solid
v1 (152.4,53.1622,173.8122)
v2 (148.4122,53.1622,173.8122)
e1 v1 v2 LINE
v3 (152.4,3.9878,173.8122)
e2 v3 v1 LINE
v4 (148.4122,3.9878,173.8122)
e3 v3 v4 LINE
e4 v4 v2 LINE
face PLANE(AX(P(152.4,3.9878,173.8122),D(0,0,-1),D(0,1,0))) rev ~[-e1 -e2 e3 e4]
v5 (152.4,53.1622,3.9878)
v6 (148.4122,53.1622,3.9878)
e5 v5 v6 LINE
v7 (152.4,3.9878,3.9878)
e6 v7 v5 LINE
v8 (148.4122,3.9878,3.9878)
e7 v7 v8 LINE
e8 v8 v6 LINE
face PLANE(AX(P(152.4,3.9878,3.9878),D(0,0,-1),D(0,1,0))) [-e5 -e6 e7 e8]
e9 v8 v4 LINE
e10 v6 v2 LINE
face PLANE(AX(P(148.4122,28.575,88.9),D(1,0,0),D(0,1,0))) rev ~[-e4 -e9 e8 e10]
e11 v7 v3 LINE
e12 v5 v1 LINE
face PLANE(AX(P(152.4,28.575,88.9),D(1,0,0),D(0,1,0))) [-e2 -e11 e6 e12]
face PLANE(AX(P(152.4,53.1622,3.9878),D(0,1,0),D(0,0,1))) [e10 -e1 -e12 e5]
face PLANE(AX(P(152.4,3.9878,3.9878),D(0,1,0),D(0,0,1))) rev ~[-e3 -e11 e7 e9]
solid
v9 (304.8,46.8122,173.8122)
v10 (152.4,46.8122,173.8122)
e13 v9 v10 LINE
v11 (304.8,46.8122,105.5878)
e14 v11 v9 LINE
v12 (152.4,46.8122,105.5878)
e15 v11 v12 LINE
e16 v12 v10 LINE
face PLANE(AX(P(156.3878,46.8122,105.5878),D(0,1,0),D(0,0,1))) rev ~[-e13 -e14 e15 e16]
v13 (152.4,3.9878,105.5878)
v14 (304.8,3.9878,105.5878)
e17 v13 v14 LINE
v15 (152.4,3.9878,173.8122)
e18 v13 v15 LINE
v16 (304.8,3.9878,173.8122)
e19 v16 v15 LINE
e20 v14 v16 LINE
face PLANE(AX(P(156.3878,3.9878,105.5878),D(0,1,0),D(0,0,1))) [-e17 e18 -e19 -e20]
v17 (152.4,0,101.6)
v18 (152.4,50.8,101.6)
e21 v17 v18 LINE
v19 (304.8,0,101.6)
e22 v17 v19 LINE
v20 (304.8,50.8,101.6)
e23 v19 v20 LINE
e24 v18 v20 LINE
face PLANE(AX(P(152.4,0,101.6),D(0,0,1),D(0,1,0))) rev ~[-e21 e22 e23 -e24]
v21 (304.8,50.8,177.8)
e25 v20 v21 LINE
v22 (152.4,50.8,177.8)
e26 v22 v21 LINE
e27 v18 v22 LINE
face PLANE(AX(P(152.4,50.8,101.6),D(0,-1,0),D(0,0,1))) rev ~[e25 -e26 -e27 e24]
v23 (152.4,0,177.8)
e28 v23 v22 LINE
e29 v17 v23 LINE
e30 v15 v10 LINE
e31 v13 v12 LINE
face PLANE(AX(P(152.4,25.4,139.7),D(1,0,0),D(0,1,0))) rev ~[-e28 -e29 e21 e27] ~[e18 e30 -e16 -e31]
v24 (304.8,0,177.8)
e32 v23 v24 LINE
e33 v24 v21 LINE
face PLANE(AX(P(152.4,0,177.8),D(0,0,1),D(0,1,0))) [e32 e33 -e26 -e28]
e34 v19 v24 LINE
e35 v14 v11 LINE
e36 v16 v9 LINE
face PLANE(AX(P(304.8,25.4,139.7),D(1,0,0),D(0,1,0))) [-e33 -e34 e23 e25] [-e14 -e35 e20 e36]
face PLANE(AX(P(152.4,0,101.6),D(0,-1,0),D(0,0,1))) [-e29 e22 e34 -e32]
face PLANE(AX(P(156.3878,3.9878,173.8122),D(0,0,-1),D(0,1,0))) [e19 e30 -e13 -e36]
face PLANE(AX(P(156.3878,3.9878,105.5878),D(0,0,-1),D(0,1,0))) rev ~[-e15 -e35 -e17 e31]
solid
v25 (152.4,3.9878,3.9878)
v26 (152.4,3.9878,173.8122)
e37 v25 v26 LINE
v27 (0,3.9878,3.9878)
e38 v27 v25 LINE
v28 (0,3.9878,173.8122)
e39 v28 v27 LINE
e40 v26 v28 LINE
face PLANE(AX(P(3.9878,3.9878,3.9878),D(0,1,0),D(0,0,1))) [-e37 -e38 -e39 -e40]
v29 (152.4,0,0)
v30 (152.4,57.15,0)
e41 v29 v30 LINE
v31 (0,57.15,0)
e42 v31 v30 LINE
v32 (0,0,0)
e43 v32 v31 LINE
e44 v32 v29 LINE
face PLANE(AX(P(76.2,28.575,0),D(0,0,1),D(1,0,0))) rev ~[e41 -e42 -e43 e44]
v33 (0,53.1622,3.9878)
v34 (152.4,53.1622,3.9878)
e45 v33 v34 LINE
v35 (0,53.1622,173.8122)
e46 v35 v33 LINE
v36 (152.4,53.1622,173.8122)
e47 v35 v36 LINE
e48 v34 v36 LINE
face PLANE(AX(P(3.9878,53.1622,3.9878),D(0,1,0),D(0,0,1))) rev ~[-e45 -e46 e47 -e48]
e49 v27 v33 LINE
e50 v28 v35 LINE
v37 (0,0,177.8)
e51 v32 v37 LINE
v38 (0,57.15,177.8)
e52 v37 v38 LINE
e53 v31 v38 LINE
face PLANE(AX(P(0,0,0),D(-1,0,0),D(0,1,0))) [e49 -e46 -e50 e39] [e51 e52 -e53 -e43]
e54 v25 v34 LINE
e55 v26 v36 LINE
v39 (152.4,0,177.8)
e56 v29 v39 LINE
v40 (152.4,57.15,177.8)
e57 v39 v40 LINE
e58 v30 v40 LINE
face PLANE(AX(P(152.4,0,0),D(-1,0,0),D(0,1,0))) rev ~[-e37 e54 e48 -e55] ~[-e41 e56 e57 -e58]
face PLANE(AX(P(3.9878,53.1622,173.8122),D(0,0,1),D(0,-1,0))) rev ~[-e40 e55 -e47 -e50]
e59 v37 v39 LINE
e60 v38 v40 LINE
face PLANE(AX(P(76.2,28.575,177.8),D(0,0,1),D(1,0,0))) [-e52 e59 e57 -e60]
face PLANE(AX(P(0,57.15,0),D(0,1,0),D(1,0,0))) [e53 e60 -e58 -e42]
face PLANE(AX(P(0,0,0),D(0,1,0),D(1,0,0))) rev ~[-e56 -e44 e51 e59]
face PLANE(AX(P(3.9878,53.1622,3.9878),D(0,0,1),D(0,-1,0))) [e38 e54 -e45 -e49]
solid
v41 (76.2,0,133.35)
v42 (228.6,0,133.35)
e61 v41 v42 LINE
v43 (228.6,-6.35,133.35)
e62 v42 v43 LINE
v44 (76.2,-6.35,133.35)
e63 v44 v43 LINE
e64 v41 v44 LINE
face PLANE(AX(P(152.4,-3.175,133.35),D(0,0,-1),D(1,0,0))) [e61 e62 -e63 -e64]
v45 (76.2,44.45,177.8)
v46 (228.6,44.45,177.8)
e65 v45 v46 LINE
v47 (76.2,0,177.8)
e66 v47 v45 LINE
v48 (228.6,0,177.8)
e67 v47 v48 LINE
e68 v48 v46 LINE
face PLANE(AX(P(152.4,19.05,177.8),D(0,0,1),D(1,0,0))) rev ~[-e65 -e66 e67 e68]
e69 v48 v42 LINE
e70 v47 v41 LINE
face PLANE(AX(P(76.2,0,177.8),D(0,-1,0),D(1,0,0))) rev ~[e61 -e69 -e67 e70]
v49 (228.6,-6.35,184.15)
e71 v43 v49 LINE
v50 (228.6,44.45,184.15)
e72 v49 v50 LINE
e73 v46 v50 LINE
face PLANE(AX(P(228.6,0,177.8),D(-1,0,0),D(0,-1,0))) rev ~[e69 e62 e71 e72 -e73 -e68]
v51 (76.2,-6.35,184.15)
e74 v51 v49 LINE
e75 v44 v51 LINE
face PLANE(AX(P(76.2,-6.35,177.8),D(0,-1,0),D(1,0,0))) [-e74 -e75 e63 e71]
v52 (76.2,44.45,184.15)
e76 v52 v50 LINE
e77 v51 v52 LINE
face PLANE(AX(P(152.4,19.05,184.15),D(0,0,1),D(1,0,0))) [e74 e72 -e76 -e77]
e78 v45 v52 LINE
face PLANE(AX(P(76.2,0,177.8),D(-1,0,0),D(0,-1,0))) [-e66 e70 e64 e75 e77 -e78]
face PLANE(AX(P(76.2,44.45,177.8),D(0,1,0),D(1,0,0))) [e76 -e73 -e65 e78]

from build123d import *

# Parameters (mm, degrees)
F0_W      = 152.4
F0_H      = 57.15
F1_DEPTH  = 177.8
F2_T      = -3.9878
F3_DEPTH  = 3.9888
F5_W      = 49.1744
F5_H      = 169.8244
F6_DEPTH  = 3.9878
F7_W      = 50.8
F7_H      = 76.2
F8_DEPTH  = 152.4
F9_T      = -3.9878
F10_DEPTH = 3.9878
F12_W     = 152.4
F12_H     = 50.8
F13_DEPTH = 6.35
F14_W     = 152.4
F14_H     = 6.35
F15_DEPTH = 44.45


with BuildPart() as f1:
    # F0 (on Top) → F1 (new body)
    with BuildSketch(Plane.XY):
        with Locations((76.2, 28.575)):
            Rectangle(F0_W, F0_H)
    extrude(amount=F1_DEPTH)

    # F2
    f2_openings = [f1.faces().sort_by_distance(p)[0] for p in [
        (152.4, 28.575, 88.9),
    ]]
    offset(amount=F2_T, openings=f2_openings)

    # F3 (cut, through all): a face of the model
    f3_faces = [f1.faces().sort_by_distance(p)[0] for p in [
        (3.9878, 28.575, 88.9),
    ]]
    extrude(f3_faces, amount=-F3_DEPTH, mode=Mode.SUBTRACT)


with BuildPart() as f6:
    # F5 (on offset) → F6 (new body)
    with BuildSketch(Plane.YZ.offset(152.4)):
        with Locations((28.575, 88.9)):
            Rectangle(F5_W, F5_H)
    extrude(amount=-F6_DEPTH)


with BuildPart() as f8:
    # F7 (on offset) → F8 (new body)
    with BuildSketch(Plane.YZ.offset(152.4)):
        with Locations((25.4, 139.7)):
            Rectangle(F7_W, F7_H)
    extrude(amount=F8_DEPTH)

    # F9
    f9_openings = [f8.faces().sort_by_distance(p)[0] for p in [
        (304.8, 25.4, 139.7),
    ]]
    offset(amount=F9_T, openings=f9_openings)

    # F10 (cut, through all): a face of the model
    f10_faces = [f8.faces().sort_by_distance(p)[0] for p in [
        (156.3878, 25.4, 139.7),
    ]]
    extrude(f10_faces, amount=-F10_DEPTH, mode=Mode.SUBTRACT)


with BuildPart() as f13:
    # F12 (on mid) → F13 (new body)
    with BuildSketch(Plane.XY.offset(177.8)):
        with Locations((152.4, 19.05)):
            Rectangle(F12_W, F12_H)
    extrude(amount=F13_DEPTH)

    # F14 (on face) → F15 (join)
    with BuildSketch(Plane(origin=(0, 0, 177.8), x_dir=(1, 0, 0), z_dir=(0, 0, -1))):
        with Locations((152.4, 3.175)):
            Rectangle(F14_W, F14_H)
    extrude(amount=F15_DEPTH)


solid = Compound([f1.part, f6.part, f8.part, f13.part])
